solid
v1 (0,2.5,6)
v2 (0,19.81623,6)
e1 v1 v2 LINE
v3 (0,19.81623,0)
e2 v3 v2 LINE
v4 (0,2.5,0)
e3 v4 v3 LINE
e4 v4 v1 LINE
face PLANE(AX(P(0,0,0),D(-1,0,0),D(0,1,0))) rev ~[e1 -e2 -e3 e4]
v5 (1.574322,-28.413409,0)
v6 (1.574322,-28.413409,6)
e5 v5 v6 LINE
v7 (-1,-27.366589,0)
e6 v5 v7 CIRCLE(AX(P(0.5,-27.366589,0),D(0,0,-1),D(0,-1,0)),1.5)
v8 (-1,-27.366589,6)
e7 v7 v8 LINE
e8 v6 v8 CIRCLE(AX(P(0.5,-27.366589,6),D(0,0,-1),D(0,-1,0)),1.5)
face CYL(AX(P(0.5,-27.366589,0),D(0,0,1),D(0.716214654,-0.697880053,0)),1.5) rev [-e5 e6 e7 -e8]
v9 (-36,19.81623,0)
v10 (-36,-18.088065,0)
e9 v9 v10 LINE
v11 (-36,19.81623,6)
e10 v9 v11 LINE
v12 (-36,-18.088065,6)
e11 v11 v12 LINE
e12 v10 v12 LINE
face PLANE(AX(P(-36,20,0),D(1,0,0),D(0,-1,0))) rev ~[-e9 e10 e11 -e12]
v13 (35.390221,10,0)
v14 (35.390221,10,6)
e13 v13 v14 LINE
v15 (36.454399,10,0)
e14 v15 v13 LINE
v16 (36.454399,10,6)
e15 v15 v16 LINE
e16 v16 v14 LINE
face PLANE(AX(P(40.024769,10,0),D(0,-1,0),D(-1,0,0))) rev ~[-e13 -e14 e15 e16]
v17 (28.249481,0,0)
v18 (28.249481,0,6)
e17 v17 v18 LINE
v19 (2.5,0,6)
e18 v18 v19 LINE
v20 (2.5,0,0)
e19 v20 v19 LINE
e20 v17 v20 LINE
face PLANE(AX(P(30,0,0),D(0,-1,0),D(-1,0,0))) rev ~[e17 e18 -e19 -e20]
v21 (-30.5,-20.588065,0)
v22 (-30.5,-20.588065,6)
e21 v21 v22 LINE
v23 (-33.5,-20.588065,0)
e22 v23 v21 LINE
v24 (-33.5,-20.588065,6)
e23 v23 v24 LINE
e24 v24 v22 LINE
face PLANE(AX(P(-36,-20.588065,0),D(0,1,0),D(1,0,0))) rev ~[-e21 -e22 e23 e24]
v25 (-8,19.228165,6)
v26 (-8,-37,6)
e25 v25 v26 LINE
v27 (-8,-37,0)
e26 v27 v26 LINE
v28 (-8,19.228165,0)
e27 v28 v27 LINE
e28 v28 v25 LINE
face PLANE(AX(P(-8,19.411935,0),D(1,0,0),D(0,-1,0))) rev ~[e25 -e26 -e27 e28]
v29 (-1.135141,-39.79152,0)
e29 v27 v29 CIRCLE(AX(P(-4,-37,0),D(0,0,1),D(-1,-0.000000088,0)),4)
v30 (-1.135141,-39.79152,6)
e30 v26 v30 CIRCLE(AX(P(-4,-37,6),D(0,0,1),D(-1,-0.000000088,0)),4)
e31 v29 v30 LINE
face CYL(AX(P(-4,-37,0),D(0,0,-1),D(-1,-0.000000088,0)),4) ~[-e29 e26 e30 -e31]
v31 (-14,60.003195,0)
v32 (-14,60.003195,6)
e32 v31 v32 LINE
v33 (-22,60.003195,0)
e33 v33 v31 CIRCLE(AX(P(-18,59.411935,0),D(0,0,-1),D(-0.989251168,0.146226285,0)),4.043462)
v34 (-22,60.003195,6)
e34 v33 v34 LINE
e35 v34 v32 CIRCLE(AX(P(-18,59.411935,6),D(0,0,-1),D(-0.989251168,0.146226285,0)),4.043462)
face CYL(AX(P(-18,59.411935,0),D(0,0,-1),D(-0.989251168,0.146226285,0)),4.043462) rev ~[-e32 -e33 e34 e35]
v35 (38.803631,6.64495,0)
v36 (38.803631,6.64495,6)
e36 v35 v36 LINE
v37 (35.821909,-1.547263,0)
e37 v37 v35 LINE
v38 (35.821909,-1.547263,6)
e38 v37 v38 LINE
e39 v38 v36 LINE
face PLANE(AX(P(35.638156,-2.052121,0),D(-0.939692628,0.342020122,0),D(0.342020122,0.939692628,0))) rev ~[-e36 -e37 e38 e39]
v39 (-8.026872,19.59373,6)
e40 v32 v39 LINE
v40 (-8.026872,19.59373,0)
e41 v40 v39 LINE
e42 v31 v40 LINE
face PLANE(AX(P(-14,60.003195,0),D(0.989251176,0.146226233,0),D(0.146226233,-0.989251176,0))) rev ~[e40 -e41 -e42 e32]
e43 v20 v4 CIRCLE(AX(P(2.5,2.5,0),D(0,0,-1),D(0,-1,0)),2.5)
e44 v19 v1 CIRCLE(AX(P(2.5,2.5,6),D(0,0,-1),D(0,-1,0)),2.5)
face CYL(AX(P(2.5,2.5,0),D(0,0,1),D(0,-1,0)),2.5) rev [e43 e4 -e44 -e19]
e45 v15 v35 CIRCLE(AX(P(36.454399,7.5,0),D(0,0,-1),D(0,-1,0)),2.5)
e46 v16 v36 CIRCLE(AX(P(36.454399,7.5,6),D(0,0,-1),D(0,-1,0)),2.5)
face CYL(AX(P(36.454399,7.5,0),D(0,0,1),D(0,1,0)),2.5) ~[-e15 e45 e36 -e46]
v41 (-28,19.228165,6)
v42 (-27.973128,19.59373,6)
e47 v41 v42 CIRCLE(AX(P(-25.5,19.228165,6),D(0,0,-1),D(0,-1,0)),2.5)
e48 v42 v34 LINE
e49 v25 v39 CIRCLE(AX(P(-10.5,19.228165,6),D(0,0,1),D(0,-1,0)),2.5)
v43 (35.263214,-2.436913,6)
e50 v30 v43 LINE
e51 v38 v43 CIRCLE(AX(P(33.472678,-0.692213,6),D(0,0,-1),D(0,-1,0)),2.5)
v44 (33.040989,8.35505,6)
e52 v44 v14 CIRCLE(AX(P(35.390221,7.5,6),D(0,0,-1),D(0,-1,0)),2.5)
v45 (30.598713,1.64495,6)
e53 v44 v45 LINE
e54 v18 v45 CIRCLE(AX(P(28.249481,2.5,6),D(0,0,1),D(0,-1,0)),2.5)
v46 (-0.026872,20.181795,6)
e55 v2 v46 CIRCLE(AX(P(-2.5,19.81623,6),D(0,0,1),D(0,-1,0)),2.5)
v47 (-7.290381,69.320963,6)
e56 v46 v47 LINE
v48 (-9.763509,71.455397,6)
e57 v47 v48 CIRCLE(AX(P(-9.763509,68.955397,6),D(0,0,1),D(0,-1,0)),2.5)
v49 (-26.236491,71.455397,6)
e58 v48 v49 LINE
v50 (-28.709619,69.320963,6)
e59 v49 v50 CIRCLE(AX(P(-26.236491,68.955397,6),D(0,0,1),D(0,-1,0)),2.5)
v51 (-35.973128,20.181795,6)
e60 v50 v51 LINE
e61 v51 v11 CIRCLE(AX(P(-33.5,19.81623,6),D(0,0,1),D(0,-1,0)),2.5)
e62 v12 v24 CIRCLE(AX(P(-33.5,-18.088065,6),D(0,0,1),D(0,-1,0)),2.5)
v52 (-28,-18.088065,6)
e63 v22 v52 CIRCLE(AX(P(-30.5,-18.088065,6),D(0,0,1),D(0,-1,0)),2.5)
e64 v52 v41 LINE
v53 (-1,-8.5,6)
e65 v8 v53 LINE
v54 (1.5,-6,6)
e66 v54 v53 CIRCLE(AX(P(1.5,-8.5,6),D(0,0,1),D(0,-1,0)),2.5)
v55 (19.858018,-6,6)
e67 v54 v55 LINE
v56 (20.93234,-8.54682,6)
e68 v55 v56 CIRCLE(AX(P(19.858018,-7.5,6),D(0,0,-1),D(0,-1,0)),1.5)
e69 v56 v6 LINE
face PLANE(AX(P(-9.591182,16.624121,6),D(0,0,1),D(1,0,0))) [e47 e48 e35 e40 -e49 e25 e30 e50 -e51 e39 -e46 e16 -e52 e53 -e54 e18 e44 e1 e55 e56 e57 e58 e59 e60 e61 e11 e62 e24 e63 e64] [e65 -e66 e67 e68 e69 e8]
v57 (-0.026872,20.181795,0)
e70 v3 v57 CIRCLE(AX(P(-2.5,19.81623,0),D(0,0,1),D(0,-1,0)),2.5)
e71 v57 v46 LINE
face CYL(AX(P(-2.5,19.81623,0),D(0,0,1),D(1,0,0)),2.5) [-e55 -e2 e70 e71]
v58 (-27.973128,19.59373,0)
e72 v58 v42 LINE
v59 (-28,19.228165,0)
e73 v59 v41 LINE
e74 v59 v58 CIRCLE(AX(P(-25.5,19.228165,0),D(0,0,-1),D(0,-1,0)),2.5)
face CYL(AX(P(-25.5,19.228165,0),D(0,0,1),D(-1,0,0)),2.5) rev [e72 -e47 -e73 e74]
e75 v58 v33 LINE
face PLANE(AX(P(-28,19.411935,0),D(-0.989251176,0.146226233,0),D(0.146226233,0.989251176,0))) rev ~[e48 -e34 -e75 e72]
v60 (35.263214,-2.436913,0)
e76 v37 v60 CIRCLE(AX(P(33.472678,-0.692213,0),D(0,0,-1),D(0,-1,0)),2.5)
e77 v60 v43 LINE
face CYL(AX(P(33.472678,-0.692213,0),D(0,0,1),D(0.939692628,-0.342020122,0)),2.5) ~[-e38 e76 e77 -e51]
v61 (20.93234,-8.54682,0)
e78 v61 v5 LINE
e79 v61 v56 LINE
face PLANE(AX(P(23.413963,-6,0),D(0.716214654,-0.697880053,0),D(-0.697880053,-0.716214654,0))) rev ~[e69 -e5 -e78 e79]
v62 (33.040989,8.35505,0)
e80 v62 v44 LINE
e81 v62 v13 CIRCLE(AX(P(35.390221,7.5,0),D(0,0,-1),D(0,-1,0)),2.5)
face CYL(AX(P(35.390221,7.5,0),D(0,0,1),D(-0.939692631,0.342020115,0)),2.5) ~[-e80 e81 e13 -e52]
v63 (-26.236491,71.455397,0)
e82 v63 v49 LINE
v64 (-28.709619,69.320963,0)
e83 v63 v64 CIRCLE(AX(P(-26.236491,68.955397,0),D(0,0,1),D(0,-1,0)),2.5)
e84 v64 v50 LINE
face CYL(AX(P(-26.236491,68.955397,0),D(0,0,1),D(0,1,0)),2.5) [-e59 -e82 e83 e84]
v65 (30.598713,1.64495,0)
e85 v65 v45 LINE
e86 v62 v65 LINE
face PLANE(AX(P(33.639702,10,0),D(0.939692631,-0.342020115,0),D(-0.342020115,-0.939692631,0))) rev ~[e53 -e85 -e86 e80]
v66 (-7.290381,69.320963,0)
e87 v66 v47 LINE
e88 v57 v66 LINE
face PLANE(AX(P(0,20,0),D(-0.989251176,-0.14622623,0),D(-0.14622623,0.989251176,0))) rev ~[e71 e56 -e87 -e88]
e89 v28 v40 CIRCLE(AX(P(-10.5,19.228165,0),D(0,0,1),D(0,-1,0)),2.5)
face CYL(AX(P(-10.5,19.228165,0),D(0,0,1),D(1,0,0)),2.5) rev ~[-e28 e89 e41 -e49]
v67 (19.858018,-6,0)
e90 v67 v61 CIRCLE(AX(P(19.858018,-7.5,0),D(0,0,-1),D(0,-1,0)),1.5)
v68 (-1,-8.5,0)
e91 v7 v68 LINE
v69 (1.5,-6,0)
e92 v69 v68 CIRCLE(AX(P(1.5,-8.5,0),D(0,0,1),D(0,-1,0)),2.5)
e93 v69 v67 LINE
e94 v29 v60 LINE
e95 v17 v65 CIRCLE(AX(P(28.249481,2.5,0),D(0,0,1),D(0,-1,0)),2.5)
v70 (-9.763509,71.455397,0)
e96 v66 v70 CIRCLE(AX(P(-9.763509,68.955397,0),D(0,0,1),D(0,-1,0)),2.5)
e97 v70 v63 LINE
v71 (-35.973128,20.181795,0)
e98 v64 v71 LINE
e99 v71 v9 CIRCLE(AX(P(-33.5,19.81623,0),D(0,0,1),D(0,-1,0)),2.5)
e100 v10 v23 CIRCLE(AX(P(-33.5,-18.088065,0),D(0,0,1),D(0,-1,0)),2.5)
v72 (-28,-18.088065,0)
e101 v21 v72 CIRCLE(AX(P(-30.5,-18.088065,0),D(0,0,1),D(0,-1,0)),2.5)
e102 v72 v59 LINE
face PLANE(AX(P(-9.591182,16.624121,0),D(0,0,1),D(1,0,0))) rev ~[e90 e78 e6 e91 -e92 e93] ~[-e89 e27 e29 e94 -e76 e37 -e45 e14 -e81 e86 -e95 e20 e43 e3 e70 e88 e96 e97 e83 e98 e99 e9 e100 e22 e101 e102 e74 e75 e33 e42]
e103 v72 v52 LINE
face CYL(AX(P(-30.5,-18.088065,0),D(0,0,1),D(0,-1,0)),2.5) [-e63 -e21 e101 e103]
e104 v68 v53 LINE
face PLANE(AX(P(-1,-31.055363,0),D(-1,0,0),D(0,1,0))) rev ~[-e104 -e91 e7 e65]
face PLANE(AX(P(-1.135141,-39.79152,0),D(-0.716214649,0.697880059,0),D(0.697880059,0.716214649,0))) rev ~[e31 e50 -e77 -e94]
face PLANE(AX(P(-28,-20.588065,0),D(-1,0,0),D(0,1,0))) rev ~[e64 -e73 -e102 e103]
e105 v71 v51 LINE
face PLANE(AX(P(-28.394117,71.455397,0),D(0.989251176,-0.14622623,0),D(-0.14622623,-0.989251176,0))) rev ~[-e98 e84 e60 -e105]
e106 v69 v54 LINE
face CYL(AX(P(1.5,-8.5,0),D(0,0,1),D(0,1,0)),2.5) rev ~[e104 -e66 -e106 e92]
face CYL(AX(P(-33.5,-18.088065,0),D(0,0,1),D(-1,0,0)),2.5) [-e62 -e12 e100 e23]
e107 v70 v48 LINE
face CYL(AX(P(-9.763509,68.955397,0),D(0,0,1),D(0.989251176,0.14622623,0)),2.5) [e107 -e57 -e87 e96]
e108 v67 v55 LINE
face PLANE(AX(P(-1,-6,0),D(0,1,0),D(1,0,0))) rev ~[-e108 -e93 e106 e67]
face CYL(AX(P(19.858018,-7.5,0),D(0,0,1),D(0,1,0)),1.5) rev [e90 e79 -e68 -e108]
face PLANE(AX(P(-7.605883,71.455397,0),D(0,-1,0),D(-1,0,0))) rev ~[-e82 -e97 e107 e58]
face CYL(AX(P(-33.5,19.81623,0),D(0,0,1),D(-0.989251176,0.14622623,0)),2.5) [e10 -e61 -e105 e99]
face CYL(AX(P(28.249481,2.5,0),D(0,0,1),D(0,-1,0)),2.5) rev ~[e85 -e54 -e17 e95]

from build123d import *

# Parameters (mm, degrees)
F1_DEPTH = 6
F2_R     = 2.5
F3_R     = 1.5


with BuildPart() as f1:
    # F0 (on Top) → F1 (new body)
    with BuildSketch(Plane.XY):
        with BuildLine():
            Line((30, 0), (0, 0))
            Line((0, 0), (0, 20))
            Line((0, 20), (-7.605883, 71.455397))
            Line((-7.605883, 71.455397), (-28.394117, 71.455397))
            Line((-28.394117, 71.455397), (-36, 20))
            Line((-36, 20), (-36, -20.588065))
            Line((-36, -20.588065), (-28, -20.588065))
            Line((-28, -20.588065), (-28, 19.411935))
            Line((-28, 19.411935), (-22, 60.003195))
            ThreePointArc((-22, 60.003195), (-18, 63.455397), (-14, 60.003195))
            Line((-14, 60.003195), (-8, 19.411935))
            Line((-8, 19.411935), (-8, -37))
            ThreePointArc((-8, -37), (-5.506746, -40.705363), (-1.135141, -39.79152))
            Line((-1.135141, -39.79152), (35.638156, -2.052121))
            Line((35.638156, -2.052121), (40.024769, 10))
            Line((40.024769, 10), (33.639702, 10))
            Line((33.639702, 10), (30, 0))
        make_face()
        Polygon((-1, -31.055363), (-1, -6), (23.413963, -6), align=None, mode=Mode.SUBTRACT)
    extrude(amount=F1_DEPTH)

    # F2
    f2_edges = [f1.edges().sort_by_distance(p)[0] for p in [
        (-36, 20, 3),
        (-28.394117, 71.455397, 3),
        (-7.605883, 71.455397, 3),
        (33.639702, 10, 3),
        (40.024769, 10, 3),
        (-8, 19.411935, 3),
        (0, 20, 3),
        (0, 0, 3),
        (30, 0, 3),
        (35.638156, -2.052121, 3),
        (-1, -6, 3),
        (-36, -20.588065, 3),
        (-28, -20.588065, 3),
        (-28, 19.411935, 3),
    ]]
    fillet(f2_edges, radius=F2_R)

    # F3
    f3_edges = [f1.edges().sort_by_distance(p)[0] for p in [
        (23.413963, -6, 3),
        (-1, -31.055363, 3),
    ]]
    fillet(f3_edges, radius=F3_R)


solid = f1.part
